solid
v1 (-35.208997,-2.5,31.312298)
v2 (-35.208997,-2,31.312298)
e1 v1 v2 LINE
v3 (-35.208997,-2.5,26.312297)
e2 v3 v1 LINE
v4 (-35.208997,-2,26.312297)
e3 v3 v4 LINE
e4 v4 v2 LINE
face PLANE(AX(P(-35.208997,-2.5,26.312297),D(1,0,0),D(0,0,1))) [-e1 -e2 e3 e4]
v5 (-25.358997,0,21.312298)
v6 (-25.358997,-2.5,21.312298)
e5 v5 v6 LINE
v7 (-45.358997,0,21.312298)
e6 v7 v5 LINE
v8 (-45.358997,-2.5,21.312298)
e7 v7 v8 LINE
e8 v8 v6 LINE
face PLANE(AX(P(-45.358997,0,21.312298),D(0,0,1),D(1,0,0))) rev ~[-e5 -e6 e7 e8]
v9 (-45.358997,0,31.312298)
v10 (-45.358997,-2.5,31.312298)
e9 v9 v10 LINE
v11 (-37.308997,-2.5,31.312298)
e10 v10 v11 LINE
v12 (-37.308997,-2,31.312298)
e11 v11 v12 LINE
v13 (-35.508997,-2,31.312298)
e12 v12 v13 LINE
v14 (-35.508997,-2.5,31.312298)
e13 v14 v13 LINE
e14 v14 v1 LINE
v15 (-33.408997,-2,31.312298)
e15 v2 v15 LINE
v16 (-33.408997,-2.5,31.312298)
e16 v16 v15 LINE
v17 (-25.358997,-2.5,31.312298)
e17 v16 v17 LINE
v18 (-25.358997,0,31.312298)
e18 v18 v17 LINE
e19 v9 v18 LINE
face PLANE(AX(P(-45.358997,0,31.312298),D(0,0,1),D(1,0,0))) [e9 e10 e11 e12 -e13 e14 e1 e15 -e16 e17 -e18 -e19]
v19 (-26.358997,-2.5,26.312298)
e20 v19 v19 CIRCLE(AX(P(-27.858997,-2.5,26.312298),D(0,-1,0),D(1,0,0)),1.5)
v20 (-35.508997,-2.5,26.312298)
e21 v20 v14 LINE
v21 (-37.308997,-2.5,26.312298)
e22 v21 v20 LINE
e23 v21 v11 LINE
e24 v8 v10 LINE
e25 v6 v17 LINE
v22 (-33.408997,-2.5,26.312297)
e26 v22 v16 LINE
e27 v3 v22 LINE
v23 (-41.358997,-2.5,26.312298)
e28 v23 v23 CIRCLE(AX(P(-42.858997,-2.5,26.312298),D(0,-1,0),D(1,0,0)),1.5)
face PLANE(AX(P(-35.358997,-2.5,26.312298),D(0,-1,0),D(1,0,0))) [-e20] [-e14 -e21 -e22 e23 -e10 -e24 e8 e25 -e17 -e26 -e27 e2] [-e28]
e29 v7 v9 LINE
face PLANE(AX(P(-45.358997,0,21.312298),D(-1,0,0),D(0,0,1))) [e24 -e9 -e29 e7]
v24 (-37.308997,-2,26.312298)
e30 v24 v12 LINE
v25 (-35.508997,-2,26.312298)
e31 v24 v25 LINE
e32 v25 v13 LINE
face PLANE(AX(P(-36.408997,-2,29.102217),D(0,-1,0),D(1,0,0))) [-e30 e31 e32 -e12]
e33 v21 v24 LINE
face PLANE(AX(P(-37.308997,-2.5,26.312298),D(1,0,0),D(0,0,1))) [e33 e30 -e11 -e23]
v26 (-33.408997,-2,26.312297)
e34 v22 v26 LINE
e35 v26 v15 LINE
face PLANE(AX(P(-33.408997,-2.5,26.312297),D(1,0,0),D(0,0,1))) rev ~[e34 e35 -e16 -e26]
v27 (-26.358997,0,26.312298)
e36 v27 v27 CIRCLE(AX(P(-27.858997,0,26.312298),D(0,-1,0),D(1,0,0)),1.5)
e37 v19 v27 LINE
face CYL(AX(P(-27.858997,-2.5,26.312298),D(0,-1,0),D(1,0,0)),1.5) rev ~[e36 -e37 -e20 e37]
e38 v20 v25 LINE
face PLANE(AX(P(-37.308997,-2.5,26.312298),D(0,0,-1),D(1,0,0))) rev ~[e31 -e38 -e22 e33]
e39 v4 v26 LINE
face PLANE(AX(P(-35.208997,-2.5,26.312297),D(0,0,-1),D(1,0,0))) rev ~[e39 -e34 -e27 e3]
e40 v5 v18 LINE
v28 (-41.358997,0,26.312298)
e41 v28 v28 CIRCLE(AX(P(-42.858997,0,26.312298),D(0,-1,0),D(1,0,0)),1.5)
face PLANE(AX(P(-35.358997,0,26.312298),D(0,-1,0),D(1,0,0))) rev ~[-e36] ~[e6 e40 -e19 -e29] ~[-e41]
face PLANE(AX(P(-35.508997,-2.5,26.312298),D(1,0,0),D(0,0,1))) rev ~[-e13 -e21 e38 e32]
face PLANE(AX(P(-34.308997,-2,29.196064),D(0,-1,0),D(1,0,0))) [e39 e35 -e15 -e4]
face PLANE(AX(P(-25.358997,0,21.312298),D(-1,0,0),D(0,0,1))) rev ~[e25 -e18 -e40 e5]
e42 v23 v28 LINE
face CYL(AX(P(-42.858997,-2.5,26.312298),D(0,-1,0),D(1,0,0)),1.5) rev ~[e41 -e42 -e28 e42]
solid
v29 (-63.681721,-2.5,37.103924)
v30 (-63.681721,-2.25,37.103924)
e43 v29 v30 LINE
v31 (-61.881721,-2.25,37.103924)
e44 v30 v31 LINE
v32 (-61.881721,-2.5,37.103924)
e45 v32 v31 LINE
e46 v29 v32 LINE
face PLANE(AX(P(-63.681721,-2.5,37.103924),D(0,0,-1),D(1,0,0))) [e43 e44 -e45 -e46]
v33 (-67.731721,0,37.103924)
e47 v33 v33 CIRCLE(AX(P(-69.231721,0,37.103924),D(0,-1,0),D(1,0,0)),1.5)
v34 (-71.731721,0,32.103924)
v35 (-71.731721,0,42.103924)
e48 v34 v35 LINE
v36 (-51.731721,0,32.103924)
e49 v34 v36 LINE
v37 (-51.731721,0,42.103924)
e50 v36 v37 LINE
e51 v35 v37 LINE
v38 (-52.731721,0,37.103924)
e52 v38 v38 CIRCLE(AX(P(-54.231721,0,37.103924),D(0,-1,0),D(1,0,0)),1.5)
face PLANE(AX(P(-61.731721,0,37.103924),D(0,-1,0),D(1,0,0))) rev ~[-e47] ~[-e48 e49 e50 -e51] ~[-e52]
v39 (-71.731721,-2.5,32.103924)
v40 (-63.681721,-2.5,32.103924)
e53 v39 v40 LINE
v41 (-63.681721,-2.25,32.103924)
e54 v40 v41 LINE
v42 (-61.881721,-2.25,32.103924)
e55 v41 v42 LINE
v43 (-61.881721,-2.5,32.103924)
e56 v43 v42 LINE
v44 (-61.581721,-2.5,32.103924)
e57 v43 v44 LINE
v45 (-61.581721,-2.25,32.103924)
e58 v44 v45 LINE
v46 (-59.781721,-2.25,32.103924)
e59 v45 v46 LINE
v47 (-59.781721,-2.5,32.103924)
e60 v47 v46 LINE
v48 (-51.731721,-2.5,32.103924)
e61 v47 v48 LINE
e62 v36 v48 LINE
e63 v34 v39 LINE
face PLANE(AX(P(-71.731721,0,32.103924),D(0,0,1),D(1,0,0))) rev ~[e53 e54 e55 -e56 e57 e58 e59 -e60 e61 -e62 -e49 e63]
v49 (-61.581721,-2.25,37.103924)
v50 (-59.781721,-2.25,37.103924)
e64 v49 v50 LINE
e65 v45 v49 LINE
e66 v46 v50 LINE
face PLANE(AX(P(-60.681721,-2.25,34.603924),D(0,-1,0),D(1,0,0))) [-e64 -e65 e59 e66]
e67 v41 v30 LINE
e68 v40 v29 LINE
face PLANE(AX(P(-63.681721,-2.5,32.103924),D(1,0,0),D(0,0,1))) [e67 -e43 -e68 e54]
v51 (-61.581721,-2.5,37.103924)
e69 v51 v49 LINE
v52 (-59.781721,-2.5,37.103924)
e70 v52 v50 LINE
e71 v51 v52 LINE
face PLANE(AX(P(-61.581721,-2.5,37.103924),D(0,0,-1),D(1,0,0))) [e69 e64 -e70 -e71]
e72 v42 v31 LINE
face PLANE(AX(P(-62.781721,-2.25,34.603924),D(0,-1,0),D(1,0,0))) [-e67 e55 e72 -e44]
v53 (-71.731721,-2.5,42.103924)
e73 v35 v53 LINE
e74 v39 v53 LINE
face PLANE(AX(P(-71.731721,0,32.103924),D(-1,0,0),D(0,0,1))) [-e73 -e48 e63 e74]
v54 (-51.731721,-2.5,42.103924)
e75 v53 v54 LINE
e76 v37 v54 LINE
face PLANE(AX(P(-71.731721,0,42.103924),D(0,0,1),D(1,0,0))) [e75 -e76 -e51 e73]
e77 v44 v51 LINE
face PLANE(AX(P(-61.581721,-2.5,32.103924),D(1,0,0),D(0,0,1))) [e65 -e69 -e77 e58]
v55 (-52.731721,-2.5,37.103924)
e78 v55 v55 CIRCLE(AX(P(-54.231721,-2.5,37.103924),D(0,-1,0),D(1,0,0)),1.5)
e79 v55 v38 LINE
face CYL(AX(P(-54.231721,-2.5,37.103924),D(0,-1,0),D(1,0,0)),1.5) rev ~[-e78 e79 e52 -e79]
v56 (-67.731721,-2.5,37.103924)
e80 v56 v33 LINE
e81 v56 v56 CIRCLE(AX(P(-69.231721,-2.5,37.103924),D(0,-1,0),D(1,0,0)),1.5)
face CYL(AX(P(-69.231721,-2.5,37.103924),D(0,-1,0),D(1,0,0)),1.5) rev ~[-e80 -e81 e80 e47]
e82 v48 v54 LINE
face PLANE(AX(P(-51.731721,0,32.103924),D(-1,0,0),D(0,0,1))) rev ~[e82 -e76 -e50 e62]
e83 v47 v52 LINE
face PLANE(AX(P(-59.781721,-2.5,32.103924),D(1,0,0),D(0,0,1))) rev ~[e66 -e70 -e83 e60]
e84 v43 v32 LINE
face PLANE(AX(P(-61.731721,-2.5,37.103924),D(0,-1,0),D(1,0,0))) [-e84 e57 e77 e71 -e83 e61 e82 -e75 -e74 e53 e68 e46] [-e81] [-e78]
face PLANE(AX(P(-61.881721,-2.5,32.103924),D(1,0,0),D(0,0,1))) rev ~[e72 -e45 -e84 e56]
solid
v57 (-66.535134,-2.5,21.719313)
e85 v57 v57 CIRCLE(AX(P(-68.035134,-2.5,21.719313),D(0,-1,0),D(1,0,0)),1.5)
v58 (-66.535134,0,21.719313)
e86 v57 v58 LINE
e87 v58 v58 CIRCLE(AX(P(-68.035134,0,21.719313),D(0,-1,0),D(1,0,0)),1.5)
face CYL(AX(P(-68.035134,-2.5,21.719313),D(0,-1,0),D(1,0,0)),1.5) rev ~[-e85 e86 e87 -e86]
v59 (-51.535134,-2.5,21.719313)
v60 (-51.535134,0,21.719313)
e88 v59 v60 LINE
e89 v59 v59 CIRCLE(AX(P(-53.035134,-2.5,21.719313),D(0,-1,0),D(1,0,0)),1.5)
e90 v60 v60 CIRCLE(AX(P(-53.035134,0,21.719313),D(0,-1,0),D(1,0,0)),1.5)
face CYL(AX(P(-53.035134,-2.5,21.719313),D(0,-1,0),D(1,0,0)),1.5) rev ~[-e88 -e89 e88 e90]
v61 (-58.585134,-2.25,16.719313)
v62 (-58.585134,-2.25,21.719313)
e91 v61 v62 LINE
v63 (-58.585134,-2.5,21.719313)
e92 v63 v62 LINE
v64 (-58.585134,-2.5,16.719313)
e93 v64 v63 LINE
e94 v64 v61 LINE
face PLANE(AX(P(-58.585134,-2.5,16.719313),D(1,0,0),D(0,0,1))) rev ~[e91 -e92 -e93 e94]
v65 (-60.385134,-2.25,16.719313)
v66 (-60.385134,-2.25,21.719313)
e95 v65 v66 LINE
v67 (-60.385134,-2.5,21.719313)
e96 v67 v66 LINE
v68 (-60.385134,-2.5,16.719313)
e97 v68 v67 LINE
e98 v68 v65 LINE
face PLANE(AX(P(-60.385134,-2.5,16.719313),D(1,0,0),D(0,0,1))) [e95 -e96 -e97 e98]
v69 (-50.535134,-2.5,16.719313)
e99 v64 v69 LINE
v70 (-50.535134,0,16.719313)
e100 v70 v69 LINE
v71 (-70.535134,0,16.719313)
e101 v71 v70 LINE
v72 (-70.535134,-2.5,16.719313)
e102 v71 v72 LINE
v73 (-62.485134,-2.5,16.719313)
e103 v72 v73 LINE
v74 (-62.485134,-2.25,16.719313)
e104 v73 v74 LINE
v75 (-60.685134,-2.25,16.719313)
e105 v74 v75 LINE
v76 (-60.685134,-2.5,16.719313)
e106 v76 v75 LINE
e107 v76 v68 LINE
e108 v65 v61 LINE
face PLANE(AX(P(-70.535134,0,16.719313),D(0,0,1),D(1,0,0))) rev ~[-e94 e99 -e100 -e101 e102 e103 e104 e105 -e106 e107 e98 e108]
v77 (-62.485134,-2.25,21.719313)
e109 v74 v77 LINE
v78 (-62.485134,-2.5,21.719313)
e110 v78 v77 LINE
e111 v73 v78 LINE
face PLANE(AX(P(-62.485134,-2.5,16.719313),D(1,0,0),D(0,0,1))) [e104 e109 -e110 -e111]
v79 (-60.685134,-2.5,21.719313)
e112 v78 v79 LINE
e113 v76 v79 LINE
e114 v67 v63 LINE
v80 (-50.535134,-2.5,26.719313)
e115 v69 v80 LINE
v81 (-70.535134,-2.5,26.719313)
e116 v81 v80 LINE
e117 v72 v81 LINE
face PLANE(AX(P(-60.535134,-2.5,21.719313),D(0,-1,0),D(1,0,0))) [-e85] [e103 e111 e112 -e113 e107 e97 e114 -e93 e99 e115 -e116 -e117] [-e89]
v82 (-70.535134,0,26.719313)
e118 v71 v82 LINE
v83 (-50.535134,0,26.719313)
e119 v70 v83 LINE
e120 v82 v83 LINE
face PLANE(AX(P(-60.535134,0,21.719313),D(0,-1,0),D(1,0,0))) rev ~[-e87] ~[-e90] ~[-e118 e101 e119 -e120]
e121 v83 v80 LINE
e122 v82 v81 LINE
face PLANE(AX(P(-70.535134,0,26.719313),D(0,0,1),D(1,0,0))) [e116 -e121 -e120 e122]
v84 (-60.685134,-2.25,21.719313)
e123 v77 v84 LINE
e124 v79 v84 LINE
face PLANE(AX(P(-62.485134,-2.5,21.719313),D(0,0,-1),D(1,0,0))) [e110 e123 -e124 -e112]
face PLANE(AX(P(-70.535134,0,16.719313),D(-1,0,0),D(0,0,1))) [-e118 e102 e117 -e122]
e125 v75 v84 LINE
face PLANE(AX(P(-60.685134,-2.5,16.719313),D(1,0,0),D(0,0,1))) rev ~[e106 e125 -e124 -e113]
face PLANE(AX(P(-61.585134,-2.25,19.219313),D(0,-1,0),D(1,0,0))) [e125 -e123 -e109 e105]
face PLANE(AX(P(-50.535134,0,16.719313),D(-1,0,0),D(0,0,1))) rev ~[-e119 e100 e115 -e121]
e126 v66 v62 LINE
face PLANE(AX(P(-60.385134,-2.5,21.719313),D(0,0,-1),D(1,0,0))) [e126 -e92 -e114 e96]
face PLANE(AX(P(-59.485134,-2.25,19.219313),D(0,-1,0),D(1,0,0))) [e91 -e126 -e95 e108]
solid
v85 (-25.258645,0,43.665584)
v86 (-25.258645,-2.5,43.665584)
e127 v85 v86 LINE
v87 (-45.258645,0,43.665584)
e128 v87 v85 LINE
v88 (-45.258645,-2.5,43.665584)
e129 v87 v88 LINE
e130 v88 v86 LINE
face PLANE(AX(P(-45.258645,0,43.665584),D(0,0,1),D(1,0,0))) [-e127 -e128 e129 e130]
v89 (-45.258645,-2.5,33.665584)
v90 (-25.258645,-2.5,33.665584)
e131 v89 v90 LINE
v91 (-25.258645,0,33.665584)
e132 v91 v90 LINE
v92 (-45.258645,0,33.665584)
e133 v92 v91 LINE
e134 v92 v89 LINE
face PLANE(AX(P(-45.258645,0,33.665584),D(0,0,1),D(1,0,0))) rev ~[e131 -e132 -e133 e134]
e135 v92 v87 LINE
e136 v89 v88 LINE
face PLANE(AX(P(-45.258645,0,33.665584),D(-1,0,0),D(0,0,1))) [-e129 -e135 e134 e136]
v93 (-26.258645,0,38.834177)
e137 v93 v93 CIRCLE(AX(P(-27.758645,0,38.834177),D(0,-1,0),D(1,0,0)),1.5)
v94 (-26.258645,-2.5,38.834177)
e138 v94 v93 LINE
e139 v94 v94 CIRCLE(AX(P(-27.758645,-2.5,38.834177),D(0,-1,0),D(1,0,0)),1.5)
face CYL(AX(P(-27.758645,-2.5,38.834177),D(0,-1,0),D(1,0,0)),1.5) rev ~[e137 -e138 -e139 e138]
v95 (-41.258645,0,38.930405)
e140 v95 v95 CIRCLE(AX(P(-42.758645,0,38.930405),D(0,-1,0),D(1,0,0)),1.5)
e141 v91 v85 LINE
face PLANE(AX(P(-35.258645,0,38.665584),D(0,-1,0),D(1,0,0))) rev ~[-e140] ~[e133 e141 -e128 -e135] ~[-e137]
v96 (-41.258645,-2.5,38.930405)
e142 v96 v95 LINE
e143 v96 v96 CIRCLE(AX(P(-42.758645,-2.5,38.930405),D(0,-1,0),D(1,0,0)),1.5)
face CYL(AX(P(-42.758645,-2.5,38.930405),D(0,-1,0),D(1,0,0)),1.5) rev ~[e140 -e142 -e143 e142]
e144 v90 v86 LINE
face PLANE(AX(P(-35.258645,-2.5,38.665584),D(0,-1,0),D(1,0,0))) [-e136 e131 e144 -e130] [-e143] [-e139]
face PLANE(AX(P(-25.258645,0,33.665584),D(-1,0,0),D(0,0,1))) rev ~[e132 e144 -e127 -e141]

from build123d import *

# Parameters (mm, degrees)
F0_W      = 20
F0_H      = 10
F1_DEPTH  = 2.5
F2_W      = 1.8
F2_H      = 5.579838
F2_H_2    = 5.767533
F3_DEPTH  = 0.5
F4_R      = 1.5
F5_DEPTH  = 3
F6_R      = 1.5
F7_DEPTH  = 3
F8_W      = 20
F8_H      = 10
F9_DEPTH  = 2.5
F10_W     = 1.8
F10_H     = 5
F11_DEPTH = 0.25
F12_W     = 1.8
F12_H     = 5
F13_DEPTH = 0.25
F14_R     = 1.5
F15_DEPTH = 3
F16_R     = 1.5
F17_DEPTH = 3


with BuildPart() as f1:
    # F0 (on Front) → F1 (new body)
    with BuildSketch(Plane.XZ):
        with Locations((-35.258645, 38.665584)):
            Rectangle(F0_W, F0_H)
        with Locations((-35.358997, 26.312298)):
            Rectangle(F0_W, F0_H)
    extrude(amount=F1_DEPTH)

    # F2 (on face) → F3 (cut)
    with BuildSketch(Plane.XZ.offset(2.5)):
        with Locations((-36.408997, 29.102217)):
            Rectangle(F2_W, F2_H)
        with Locations((-34.308997, 29.196064)):
            Rectangle(F2_W, F2_H_2)
    extrude(amount=-F3_DEPTH, mode=Mode.SUBTRACT)

    # F4 (on face) → F5 (cut)
    with BuildSketch(Plane.XZ.offset(2.5)):
        with Locations((-42.858997, 26.312298)):
            Circle(F4_R)
        with Locations((-27.858997, 26.312298)):
            Circle(F4_R)
    extrude(amount=-F5_DEPTH, mode=Mode.SUBTRACT)

    # F6 (on face) → F7 (cut)
    with BuildSketch(Plane.XZ.offset(2.5)):
        with Locations((-42.758645, 38.930405)):
            Circle(F6_R)
        with Locations((-27.758645, 38.834177)):
            Circle(F6_R)
    extrude(amount=-F7_DEPTH, mode=Mode.SUBTRACT)


with BuildPart() as f9:
    # F8 (on Front) → F9 (new body)
    with BuildSketch(Plane.XZ):
        with Locations((-61.731721, 37.103924)):
            Rectangle(F8_W, F8_H)
        with Locations((-60.535134, 21.719313)):
            Rectangle(F8_W, F8_H)
    extrude(amount=F9_DEPTH)

    # F10 (on face) → F11 (cut)
    with BuildSketch(Plane.XZ.offset(2.5)):
        with Locations((-62.781721, 34.603924)):
            Rectangle(F10_W, F10_H)
        with Locations((-60.681721, 34.603924)):
            Rectangle(F10_W, F10_H)
    extrude(amount=-F11_DEPTH, mode=Mode.SUBTRACT)

    # F12 (on face) → F13 (cut)
    with BuildSketch(Plane.XZ.offset(2.5)):
        with Locations((-61.585134, 19.219313)):
            Rectangle(F12_W, F12_H)
        with Locations((-59.485134, 19.219313)):
            Rectangle(F12_W, F12_H)
    extrude(amount=-F13_DEPTH, mode=Mode.SUBTRACT)

    # F14 (on face) → F15 (cut)
    with BuildSketch(Plane.XZ.offset(2.5)):
        with Locations((-69.231721, 37.103924)):
            Circle(F14_R)
        with Locations((-54.231721, 37.103924)):
            Circle(F14_R)
    extrude(amount=-F15_DEPTH, mode=Mode.SUBTRACT)

    # F16 (on face) → F17 (cut)
    with BuildSketch(Plane.XZ.offset(2.5)):
        with Locations((-68.035134, 21.719313)):
            Circle(F16_R)
        with Locations((-53.035134, 21.719313)):
            Circle(F16_R)
    extrude(amount=-F17_DEPTH, mode=Mode.SUBTRACT)


solid = Compound([f1.part, f9.part])
